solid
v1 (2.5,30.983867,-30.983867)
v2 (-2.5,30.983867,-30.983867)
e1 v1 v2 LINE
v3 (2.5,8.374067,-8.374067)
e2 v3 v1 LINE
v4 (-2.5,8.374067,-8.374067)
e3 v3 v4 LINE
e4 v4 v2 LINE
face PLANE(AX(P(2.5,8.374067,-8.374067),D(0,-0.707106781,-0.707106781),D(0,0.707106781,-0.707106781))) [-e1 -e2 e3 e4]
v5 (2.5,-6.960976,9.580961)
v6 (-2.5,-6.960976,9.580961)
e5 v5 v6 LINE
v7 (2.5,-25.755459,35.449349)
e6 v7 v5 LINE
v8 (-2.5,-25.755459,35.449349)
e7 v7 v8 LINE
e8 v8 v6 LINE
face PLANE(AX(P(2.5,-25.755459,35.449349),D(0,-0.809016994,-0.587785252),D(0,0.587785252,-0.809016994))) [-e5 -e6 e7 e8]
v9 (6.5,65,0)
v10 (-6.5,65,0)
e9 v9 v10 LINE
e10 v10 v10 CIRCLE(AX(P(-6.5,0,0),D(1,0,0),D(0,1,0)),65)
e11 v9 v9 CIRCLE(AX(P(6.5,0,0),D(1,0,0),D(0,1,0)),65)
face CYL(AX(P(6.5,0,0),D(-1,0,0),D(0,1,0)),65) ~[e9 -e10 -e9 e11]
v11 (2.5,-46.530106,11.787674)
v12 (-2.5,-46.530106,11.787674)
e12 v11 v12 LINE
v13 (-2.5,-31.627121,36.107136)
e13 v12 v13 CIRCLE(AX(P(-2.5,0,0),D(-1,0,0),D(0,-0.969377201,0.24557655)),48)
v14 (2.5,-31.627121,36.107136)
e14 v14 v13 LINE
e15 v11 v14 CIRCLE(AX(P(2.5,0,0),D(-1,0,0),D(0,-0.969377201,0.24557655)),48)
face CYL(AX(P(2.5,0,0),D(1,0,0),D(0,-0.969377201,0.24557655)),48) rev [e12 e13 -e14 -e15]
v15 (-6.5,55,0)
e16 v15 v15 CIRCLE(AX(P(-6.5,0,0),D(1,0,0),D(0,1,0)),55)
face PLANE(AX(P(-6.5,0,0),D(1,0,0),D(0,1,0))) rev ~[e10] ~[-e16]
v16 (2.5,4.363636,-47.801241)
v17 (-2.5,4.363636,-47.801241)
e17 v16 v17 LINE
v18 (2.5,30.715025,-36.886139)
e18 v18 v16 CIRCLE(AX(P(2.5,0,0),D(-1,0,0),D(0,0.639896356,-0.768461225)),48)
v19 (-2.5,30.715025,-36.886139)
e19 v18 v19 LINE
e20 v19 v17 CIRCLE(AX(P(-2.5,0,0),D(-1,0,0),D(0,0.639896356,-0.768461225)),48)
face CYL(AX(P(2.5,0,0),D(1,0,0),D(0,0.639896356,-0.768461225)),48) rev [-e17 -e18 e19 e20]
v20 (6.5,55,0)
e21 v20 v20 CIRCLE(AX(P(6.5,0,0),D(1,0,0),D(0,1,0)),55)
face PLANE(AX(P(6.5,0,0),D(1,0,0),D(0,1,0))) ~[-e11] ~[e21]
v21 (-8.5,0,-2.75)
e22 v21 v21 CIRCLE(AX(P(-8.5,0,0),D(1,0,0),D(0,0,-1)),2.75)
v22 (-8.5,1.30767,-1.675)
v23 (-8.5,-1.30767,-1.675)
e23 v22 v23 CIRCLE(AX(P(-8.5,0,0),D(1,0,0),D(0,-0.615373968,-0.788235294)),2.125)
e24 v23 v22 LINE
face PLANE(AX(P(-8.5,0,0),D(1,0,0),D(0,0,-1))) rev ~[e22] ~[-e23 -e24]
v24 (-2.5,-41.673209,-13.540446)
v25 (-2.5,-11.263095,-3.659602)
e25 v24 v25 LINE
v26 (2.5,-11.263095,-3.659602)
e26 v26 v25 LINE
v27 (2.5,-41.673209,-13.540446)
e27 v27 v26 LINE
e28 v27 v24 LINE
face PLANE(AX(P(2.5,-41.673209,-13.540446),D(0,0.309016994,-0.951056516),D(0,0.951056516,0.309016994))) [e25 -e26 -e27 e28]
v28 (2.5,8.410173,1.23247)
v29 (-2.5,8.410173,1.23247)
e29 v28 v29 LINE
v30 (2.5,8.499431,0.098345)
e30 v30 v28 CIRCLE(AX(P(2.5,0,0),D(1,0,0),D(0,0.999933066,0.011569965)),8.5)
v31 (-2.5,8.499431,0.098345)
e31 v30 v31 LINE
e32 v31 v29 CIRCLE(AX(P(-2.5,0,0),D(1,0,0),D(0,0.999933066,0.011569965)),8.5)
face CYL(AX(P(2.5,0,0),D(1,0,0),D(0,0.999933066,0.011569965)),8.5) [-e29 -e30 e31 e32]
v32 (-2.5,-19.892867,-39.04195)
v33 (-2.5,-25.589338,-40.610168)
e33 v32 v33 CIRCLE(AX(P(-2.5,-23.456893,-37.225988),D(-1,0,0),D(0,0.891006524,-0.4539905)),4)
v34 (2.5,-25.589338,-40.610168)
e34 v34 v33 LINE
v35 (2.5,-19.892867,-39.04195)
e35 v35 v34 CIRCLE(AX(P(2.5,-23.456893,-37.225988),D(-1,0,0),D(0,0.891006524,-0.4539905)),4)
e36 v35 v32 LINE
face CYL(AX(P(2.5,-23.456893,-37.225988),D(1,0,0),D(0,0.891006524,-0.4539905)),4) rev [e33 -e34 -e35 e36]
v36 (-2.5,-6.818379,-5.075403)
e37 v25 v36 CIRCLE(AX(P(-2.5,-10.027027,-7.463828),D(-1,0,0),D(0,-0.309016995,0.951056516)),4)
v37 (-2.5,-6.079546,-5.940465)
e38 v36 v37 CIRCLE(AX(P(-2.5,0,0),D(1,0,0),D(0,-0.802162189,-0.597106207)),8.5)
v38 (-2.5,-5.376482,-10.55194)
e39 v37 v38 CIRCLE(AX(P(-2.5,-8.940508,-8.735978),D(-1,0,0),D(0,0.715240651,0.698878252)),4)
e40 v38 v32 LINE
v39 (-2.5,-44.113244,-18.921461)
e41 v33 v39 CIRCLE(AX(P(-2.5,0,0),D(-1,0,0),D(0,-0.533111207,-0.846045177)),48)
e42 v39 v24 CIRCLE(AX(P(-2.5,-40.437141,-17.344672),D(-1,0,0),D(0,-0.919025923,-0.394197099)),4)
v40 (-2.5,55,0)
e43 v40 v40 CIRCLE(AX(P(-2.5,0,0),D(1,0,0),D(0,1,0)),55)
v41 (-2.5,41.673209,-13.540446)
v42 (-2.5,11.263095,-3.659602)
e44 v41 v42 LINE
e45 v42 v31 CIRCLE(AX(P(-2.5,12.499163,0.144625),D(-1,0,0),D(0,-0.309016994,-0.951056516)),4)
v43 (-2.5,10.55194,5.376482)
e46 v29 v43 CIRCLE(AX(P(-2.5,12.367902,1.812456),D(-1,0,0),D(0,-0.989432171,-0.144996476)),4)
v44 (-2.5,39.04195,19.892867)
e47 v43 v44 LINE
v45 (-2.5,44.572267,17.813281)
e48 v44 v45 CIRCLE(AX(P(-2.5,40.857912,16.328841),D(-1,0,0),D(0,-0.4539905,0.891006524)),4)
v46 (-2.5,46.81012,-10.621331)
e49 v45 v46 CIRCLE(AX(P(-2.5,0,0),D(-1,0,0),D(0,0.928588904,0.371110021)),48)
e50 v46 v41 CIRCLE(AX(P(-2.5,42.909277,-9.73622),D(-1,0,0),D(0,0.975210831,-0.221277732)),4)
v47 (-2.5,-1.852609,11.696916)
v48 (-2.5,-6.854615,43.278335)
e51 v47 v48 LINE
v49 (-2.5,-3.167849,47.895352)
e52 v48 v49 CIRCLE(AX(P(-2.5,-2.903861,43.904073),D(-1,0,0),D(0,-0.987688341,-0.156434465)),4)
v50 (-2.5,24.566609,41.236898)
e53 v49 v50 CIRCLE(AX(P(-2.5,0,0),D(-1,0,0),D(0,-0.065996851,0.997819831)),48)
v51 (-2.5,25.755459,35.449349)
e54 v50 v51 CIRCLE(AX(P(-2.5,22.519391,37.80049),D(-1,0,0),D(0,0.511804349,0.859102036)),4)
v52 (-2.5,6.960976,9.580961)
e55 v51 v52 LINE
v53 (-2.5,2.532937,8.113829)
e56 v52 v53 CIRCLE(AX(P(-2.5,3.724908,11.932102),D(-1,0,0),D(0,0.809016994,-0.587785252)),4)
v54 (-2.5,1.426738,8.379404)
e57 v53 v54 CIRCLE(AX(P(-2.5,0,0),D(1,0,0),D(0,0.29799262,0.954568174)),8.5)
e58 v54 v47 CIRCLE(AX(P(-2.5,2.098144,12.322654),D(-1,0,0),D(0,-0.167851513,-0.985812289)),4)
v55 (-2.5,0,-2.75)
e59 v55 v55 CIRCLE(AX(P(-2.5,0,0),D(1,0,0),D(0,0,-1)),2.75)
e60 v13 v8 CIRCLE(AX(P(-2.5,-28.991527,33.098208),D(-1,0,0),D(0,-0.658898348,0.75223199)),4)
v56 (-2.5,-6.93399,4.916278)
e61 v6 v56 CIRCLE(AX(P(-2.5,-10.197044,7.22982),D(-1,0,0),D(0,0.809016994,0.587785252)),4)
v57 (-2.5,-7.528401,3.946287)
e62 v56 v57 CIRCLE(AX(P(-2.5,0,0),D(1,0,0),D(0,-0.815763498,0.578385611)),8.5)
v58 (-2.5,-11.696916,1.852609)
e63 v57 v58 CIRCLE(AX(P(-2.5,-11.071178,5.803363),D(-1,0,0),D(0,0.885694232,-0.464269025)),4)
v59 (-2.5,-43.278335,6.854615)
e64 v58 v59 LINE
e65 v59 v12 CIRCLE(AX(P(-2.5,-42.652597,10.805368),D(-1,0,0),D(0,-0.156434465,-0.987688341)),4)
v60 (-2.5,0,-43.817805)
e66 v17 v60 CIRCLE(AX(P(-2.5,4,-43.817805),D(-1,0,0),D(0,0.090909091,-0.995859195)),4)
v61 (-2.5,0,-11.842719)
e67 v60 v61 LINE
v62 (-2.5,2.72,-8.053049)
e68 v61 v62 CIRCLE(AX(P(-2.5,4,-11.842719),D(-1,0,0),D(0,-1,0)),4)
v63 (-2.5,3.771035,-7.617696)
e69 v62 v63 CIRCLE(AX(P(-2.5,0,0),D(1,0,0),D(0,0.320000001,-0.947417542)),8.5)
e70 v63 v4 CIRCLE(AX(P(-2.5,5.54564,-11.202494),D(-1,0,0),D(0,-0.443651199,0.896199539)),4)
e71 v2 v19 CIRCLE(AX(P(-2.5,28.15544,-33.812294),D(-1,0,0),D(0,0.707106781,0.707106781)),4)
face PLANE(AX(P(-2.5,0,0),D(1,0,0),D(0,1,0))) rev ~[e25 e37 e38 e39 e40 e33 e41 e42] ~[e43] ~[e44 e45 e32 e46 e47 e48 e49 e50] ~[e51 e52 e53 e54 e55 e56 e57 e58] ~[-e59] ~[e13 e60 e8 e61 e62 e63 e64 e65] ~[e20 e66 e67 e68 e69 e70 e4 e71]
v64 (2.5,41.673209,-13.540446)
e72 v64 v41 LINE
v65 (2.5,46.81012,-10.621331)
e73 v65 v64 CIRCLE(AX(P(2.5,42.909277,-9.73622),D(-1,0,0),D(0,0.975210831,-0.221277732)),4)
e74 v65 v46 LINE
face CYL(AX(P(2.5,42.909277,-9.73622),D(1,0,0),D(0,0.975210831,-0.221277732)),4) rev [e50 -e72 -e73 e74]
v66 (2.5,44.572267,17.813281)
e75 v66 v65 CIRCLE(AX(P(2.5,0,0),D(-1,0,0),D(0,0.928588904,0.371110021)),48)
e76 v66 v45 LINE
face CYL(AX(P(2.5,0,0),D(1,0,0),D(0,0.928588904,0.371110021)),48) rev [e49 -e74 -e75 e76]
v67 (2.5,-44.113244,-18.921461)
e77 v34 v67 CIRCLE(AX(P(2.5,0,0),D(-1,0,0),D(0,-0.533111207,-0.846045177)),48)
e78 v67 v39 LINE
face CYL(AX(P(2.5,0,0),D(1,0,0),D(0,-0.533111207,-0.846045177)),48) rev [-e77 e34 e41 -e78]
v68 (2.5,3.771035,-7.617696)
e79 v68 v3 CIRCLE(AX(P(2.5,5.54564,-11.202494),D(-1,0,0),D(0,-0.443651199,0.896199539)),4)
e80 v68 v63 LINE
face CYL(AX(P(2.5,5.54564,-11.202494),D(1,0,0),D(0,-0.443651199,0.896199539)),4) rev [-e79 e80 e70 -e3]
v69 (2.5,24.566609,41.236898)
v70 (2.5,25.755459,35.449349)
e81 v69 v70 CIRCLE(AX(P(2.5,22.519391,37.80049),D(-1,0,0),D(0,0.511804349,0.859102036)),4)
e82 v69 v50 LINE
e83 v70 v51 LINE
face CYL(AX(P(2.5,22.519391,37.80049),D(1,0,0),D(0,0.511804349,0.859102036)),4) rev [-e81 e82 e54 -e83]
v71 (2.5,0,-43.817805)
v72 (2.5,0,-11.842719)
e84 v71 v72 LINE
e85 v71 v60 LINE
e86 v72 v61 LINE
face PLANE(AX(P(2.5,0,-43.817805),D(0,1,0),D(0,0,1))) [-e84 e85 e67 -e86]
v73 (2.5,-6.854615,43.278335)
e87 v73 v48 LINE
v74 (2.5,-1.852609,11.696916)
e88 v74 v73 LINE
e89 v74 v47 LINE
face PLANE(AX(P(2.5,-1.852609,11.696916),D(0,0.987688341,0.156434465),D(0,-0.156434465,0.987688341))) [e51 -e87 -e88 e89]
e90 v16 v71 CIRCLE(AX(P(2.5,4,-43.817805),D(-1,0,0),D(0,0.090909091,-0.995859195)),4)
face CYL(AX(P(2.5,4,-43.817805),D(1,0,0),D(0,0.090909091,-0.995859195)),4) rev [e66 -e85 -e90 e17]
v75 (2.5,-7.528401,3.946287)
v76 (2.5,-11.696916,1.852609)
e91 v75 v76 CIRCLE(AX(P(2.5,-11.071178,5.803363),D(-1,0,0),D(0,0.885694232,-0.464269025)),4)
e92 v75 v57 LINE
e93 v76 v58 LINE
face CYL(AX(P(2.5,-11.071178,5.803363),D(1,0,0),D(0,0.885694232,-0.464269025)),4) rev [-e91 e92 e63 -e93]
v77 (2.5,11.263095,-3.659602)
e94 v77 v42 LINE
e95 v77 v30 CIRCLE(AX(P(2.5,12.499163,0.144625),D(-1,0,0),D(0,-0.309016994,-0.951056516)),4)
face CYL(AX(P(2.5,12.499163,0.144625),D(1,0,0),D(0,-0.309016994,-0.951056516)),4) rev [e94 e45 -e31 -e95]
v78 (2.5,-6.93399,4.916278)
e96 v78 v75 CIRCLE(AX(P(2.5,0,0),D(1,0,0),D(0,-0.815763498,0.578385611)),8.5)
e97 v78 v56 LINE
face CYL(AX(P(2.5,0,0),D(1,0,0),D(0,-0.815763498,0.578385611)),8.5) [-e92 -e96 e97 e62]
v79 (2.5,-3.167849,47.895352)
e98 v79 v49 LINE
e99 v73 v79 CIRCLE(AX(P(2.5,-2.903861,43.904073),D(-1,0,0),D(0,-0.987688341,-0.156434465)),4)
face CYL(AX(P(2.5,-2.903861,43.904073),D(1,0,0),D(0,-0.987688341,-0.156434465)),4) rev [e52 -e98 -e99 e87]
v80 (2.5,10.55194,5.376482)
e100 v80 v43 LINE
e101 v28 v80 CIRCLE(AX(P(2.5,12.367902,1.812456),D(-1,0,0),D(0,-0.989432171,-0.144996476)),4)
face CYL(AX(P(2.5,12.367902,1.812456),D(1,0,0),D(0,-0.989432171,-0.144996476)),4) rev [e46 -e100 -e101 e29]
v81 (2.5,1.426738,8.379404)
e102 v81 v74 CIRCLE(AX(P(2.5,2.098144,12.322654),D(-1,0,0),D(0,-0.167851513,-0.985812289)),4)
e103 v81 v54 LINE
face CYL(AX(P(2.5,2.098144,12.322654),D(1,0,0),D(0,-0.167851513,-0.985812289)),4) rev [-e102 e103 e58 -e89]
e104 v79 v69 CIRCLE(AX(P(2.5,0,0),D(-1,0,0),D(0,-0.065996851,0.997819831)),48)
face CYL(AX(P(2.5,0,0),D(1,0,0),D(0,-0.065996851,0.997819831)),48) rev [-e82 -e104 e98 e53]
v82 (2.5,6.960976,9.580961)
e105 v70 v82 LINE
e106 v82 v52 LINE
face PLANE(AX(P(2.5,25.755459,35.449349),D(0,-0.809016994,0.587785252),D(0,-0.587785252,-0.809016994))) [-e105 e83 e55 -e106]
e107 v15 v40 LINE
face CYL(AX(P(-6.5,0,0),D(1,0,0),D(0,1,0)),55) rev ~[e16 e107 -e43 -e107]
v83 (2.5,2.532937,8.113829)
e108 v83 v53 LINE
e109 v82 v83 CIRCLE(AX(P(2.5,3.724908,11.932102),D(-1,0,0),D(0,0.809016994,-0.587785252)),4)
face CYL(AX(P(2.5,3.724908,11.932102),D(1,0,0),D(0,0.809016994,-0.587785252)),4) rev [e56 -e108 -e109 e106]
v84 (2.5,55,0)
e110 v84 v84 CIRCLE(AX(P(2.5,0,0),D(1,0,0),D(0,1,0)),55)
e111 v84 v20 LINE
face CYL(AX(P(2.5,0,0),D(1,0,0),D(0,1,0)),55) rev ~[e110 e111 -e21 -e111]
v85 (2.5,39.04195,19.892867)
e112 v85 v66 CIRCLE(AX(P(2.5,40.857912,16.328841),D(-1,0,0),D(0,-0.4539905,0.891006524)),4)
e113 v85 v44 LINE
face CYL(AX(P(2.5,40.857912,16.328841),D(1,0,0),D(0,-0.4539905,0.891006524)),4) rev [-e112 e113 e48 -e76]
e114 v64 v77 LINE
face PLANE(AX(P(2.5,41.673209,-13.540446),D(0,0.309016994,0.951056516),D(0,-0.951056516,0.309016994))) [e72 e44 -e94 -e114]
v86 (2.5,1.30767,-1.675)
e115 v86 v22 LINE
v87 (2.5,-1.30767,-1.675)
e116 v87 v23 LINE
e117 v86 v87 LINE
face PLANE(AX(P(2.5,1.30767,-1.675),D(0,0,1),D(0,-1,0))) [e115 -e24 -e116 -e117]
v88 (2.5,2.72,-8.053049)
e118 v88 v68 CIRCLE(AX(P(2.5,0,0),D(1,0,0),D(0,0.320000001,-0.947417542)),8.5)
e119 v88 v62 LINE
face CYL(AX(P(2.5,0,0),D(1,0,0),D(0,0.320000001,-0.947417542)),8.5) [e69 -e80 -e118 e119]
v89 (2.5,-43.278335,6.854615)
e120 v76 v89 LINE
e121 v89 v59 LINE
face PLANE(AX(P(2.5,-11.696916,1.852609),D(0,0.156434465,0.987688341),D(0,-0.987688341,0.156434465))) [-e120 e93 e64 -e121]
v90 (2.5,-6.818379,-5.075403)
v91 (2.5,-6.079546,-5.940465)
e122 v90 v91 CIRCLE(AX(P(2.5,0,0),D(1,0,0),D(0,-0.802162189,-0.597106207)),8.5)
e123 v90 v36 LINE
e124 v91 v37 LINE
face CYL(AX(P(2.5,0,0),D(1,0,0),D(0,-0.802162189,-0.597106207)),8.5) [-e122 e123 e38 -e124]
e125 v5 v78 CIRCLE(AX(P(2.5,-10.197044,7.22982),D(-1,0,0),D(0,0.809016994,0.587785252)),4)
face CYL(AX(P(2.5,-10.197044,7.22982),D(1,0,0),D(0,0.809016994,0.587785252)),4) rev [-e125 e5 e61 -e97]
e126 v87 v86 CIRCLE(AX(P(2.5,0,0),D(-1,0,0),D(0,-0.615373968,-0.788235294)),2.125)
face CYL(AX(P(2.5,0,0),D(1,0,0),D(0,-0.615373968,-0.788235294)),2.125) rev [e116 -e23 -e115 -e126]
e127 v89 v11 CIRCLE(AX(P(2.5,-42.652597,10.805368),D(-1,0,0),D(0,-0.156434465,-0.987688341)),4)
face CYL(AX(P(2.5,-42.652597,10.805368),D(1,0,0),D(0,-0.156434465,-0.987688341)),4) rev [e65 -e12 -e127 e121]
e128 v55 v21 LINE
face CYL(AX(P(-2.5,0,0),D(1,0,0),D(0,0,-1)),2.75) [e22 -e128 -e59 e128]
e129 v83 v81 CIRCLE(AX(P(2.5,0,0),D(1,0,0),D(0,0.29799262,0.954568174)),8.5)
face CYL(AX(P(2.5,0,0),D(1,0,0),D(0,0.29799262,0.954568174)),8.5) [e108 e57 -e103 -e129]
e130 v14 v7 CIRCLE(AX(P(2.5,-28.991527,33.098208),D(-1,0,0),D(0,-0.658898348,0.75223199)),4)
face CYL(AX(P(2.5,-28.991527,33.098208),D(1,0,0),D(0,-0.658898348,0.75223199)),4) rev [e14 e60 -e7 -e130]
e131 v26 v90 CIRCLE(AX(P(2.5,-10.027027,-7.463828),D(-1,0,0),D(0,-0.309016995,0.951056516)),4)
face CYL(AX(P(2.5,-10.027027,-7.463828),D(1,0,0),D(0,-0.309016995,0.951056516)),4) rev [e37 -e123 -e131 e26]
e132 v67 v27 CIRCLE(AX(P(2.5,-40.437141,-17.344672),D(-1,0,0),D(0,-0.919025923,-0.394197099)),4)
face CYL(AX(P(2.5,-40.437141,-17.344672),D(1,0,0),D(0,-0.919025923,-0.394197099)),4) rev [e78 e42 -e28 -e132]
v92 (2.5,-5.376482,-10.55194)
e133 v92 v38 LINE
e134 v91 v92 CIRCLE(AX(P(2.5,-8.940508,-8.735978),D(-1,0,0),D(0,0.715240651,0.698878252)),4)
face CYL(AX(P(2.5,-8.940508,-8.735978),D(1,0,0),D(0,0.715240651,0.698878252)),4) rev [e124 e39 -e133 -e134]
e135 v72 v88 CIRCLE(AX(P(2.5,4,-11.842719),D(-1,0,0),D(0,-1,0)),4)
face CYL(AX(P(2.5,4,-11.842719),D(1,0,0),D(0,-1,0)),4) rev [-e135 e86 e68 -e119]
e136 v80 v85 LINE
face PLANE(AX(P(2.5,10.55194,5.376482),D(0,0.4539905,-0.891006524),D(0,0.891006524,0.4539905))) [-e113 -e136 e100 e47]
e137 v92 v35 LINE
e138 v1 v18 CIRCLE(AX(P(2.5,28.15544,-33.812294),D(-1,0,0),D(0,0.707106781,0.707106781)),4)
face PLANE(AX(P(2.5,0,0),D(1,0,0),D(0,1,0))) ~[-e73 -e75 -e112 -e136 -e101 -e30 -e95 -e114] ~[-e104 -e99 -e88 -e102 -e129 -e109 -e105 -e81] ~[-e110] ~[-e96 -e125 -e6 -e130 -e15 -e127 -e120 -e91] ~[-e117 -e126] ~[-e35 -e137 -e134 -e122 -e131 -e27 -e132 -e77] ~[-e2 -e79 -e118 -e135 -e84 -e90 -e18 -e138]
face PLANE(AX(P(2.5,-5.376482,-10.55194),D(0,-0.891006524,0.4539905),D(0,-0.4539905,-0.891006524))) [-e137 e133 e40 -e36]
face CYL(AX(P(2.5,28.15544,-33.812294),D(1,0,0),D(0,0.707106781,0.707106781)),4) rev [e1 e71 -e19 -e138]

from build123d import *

# Parameters (mm, degrees)
CUT_EXTRUDE1_DEPTH  = 5
CIRPATTERN1_COUNT   = 5
SKETCH8_R           = 2.75
BOSS_EXTRUDE1_DEPTH = 6
CUT_EXTRUDE2_REACH  = 13


with BuildPart() as part:
    # Sketch3 → Shape_Roue (revolve)
    with BuildSketch(Plane.XY):
        Polygon((-2.5, 0), (2.5, 0), (2.5, 55), (6.5, 55), (6.5, 65), (-6.5, 65), (-6.5, 55), (-2.5, 55), align=None)
    revolve(axis=Axis((-2.5, 0, 0), (1, 0, 0)))

    # Sketch6 → Cut-Extrude1 (cut)
    with BuildSketch(Plane(origin=(2.5, 0, 0), x_dir=(0, 0, -1), z_dir=(1, 0, 0))):
        with BuildLine():
            Line((8.374067112, 8.374067112), (30.98386677, 30.98386677))
            ThreePointArc((30.98386677, 30.98386677), (33.994300587, 32.151296695), (36.886138794, 30.715025067))
            ThreePointArc((36.886138794, 30.715025067), (44.346217561, 18.368804754), (47.801241382, 4.363636364))
            ThreePointArc((47.801241382, 4.363636364), (46.772000384, 1.30320055), (43.8178046, 0))
            Line((43.8178046, 0), (11.842719282, 0))
            ThreePointArc((11.842719282, 0), (9.510338524, 0.750384638), (8.053049112, 2.72))
            ThreePointArc((8.053049112, 2.72), (7.852976026, 3.252809175), (7.617696081, 3.771035191))
            ThreePointArc((7.617696081, 3.771035191), (7.255426928, 6.194222796), (8.374067112, 8.374067112))
        make_face()
    cut_extrude1 = extrude(amount=-CUT_EXTRUDE1_DEPTH, mode=Mode.SUBTRACT)

    # CirPattern1: Cut-Extrude1 ×5 about axis
    cirpattern1_axis = Axis((0, 0, 0), (1, 0, 0))
    for i in range(1, CIRPATTERN1_COUNT):
        add(cut_extrude1.rotate(cirpattern1_axis, i * 360 / CIRPATTERN1_COUNT), mode=Mode.SUBTRACT)

    # Sketch8 → Boss-Extrude1 (add)
    with BuildSketch(Plane(origin=(-2.5, 0, 0), x_dir=(0, 0, -1), z_dir=(1, 0, 0))):
        Circle(SKETCH8_R)
    extrude(amount=-BOSS_EXTRUDE1_DEPTH)

    # Sketch7 → Cut-Extrude2 (cut, up to next)
    with BuildSketch(Plane(origin=(2.5, 0, 0), x_dir=(0, 0, -1), z_dir=(1, 0, 0)), mode=Mode.PRIVATE) as cut_extrude2_sk1:
        with BuildLine():
            Line((1.675, 1.307669683), (1.675, -1.307669683))
            ThreePointArc((1.675, -1.307669683), (-2.125, 0), (1.675, 1.307669683))
        make_face()
    cut_extrude2_tool1 = extrude(cut_extrude2_sk1.sketch, amount=-CUT_EXTRUDE2_REACH, mode=Mode.PRIVATE) & part.part
    add(cut_extrude2_tool1.solids().sort_by_distance((2.5, 0, 0.111388))[0], mode=Mode.SUBTRACT)


solid = part.part
